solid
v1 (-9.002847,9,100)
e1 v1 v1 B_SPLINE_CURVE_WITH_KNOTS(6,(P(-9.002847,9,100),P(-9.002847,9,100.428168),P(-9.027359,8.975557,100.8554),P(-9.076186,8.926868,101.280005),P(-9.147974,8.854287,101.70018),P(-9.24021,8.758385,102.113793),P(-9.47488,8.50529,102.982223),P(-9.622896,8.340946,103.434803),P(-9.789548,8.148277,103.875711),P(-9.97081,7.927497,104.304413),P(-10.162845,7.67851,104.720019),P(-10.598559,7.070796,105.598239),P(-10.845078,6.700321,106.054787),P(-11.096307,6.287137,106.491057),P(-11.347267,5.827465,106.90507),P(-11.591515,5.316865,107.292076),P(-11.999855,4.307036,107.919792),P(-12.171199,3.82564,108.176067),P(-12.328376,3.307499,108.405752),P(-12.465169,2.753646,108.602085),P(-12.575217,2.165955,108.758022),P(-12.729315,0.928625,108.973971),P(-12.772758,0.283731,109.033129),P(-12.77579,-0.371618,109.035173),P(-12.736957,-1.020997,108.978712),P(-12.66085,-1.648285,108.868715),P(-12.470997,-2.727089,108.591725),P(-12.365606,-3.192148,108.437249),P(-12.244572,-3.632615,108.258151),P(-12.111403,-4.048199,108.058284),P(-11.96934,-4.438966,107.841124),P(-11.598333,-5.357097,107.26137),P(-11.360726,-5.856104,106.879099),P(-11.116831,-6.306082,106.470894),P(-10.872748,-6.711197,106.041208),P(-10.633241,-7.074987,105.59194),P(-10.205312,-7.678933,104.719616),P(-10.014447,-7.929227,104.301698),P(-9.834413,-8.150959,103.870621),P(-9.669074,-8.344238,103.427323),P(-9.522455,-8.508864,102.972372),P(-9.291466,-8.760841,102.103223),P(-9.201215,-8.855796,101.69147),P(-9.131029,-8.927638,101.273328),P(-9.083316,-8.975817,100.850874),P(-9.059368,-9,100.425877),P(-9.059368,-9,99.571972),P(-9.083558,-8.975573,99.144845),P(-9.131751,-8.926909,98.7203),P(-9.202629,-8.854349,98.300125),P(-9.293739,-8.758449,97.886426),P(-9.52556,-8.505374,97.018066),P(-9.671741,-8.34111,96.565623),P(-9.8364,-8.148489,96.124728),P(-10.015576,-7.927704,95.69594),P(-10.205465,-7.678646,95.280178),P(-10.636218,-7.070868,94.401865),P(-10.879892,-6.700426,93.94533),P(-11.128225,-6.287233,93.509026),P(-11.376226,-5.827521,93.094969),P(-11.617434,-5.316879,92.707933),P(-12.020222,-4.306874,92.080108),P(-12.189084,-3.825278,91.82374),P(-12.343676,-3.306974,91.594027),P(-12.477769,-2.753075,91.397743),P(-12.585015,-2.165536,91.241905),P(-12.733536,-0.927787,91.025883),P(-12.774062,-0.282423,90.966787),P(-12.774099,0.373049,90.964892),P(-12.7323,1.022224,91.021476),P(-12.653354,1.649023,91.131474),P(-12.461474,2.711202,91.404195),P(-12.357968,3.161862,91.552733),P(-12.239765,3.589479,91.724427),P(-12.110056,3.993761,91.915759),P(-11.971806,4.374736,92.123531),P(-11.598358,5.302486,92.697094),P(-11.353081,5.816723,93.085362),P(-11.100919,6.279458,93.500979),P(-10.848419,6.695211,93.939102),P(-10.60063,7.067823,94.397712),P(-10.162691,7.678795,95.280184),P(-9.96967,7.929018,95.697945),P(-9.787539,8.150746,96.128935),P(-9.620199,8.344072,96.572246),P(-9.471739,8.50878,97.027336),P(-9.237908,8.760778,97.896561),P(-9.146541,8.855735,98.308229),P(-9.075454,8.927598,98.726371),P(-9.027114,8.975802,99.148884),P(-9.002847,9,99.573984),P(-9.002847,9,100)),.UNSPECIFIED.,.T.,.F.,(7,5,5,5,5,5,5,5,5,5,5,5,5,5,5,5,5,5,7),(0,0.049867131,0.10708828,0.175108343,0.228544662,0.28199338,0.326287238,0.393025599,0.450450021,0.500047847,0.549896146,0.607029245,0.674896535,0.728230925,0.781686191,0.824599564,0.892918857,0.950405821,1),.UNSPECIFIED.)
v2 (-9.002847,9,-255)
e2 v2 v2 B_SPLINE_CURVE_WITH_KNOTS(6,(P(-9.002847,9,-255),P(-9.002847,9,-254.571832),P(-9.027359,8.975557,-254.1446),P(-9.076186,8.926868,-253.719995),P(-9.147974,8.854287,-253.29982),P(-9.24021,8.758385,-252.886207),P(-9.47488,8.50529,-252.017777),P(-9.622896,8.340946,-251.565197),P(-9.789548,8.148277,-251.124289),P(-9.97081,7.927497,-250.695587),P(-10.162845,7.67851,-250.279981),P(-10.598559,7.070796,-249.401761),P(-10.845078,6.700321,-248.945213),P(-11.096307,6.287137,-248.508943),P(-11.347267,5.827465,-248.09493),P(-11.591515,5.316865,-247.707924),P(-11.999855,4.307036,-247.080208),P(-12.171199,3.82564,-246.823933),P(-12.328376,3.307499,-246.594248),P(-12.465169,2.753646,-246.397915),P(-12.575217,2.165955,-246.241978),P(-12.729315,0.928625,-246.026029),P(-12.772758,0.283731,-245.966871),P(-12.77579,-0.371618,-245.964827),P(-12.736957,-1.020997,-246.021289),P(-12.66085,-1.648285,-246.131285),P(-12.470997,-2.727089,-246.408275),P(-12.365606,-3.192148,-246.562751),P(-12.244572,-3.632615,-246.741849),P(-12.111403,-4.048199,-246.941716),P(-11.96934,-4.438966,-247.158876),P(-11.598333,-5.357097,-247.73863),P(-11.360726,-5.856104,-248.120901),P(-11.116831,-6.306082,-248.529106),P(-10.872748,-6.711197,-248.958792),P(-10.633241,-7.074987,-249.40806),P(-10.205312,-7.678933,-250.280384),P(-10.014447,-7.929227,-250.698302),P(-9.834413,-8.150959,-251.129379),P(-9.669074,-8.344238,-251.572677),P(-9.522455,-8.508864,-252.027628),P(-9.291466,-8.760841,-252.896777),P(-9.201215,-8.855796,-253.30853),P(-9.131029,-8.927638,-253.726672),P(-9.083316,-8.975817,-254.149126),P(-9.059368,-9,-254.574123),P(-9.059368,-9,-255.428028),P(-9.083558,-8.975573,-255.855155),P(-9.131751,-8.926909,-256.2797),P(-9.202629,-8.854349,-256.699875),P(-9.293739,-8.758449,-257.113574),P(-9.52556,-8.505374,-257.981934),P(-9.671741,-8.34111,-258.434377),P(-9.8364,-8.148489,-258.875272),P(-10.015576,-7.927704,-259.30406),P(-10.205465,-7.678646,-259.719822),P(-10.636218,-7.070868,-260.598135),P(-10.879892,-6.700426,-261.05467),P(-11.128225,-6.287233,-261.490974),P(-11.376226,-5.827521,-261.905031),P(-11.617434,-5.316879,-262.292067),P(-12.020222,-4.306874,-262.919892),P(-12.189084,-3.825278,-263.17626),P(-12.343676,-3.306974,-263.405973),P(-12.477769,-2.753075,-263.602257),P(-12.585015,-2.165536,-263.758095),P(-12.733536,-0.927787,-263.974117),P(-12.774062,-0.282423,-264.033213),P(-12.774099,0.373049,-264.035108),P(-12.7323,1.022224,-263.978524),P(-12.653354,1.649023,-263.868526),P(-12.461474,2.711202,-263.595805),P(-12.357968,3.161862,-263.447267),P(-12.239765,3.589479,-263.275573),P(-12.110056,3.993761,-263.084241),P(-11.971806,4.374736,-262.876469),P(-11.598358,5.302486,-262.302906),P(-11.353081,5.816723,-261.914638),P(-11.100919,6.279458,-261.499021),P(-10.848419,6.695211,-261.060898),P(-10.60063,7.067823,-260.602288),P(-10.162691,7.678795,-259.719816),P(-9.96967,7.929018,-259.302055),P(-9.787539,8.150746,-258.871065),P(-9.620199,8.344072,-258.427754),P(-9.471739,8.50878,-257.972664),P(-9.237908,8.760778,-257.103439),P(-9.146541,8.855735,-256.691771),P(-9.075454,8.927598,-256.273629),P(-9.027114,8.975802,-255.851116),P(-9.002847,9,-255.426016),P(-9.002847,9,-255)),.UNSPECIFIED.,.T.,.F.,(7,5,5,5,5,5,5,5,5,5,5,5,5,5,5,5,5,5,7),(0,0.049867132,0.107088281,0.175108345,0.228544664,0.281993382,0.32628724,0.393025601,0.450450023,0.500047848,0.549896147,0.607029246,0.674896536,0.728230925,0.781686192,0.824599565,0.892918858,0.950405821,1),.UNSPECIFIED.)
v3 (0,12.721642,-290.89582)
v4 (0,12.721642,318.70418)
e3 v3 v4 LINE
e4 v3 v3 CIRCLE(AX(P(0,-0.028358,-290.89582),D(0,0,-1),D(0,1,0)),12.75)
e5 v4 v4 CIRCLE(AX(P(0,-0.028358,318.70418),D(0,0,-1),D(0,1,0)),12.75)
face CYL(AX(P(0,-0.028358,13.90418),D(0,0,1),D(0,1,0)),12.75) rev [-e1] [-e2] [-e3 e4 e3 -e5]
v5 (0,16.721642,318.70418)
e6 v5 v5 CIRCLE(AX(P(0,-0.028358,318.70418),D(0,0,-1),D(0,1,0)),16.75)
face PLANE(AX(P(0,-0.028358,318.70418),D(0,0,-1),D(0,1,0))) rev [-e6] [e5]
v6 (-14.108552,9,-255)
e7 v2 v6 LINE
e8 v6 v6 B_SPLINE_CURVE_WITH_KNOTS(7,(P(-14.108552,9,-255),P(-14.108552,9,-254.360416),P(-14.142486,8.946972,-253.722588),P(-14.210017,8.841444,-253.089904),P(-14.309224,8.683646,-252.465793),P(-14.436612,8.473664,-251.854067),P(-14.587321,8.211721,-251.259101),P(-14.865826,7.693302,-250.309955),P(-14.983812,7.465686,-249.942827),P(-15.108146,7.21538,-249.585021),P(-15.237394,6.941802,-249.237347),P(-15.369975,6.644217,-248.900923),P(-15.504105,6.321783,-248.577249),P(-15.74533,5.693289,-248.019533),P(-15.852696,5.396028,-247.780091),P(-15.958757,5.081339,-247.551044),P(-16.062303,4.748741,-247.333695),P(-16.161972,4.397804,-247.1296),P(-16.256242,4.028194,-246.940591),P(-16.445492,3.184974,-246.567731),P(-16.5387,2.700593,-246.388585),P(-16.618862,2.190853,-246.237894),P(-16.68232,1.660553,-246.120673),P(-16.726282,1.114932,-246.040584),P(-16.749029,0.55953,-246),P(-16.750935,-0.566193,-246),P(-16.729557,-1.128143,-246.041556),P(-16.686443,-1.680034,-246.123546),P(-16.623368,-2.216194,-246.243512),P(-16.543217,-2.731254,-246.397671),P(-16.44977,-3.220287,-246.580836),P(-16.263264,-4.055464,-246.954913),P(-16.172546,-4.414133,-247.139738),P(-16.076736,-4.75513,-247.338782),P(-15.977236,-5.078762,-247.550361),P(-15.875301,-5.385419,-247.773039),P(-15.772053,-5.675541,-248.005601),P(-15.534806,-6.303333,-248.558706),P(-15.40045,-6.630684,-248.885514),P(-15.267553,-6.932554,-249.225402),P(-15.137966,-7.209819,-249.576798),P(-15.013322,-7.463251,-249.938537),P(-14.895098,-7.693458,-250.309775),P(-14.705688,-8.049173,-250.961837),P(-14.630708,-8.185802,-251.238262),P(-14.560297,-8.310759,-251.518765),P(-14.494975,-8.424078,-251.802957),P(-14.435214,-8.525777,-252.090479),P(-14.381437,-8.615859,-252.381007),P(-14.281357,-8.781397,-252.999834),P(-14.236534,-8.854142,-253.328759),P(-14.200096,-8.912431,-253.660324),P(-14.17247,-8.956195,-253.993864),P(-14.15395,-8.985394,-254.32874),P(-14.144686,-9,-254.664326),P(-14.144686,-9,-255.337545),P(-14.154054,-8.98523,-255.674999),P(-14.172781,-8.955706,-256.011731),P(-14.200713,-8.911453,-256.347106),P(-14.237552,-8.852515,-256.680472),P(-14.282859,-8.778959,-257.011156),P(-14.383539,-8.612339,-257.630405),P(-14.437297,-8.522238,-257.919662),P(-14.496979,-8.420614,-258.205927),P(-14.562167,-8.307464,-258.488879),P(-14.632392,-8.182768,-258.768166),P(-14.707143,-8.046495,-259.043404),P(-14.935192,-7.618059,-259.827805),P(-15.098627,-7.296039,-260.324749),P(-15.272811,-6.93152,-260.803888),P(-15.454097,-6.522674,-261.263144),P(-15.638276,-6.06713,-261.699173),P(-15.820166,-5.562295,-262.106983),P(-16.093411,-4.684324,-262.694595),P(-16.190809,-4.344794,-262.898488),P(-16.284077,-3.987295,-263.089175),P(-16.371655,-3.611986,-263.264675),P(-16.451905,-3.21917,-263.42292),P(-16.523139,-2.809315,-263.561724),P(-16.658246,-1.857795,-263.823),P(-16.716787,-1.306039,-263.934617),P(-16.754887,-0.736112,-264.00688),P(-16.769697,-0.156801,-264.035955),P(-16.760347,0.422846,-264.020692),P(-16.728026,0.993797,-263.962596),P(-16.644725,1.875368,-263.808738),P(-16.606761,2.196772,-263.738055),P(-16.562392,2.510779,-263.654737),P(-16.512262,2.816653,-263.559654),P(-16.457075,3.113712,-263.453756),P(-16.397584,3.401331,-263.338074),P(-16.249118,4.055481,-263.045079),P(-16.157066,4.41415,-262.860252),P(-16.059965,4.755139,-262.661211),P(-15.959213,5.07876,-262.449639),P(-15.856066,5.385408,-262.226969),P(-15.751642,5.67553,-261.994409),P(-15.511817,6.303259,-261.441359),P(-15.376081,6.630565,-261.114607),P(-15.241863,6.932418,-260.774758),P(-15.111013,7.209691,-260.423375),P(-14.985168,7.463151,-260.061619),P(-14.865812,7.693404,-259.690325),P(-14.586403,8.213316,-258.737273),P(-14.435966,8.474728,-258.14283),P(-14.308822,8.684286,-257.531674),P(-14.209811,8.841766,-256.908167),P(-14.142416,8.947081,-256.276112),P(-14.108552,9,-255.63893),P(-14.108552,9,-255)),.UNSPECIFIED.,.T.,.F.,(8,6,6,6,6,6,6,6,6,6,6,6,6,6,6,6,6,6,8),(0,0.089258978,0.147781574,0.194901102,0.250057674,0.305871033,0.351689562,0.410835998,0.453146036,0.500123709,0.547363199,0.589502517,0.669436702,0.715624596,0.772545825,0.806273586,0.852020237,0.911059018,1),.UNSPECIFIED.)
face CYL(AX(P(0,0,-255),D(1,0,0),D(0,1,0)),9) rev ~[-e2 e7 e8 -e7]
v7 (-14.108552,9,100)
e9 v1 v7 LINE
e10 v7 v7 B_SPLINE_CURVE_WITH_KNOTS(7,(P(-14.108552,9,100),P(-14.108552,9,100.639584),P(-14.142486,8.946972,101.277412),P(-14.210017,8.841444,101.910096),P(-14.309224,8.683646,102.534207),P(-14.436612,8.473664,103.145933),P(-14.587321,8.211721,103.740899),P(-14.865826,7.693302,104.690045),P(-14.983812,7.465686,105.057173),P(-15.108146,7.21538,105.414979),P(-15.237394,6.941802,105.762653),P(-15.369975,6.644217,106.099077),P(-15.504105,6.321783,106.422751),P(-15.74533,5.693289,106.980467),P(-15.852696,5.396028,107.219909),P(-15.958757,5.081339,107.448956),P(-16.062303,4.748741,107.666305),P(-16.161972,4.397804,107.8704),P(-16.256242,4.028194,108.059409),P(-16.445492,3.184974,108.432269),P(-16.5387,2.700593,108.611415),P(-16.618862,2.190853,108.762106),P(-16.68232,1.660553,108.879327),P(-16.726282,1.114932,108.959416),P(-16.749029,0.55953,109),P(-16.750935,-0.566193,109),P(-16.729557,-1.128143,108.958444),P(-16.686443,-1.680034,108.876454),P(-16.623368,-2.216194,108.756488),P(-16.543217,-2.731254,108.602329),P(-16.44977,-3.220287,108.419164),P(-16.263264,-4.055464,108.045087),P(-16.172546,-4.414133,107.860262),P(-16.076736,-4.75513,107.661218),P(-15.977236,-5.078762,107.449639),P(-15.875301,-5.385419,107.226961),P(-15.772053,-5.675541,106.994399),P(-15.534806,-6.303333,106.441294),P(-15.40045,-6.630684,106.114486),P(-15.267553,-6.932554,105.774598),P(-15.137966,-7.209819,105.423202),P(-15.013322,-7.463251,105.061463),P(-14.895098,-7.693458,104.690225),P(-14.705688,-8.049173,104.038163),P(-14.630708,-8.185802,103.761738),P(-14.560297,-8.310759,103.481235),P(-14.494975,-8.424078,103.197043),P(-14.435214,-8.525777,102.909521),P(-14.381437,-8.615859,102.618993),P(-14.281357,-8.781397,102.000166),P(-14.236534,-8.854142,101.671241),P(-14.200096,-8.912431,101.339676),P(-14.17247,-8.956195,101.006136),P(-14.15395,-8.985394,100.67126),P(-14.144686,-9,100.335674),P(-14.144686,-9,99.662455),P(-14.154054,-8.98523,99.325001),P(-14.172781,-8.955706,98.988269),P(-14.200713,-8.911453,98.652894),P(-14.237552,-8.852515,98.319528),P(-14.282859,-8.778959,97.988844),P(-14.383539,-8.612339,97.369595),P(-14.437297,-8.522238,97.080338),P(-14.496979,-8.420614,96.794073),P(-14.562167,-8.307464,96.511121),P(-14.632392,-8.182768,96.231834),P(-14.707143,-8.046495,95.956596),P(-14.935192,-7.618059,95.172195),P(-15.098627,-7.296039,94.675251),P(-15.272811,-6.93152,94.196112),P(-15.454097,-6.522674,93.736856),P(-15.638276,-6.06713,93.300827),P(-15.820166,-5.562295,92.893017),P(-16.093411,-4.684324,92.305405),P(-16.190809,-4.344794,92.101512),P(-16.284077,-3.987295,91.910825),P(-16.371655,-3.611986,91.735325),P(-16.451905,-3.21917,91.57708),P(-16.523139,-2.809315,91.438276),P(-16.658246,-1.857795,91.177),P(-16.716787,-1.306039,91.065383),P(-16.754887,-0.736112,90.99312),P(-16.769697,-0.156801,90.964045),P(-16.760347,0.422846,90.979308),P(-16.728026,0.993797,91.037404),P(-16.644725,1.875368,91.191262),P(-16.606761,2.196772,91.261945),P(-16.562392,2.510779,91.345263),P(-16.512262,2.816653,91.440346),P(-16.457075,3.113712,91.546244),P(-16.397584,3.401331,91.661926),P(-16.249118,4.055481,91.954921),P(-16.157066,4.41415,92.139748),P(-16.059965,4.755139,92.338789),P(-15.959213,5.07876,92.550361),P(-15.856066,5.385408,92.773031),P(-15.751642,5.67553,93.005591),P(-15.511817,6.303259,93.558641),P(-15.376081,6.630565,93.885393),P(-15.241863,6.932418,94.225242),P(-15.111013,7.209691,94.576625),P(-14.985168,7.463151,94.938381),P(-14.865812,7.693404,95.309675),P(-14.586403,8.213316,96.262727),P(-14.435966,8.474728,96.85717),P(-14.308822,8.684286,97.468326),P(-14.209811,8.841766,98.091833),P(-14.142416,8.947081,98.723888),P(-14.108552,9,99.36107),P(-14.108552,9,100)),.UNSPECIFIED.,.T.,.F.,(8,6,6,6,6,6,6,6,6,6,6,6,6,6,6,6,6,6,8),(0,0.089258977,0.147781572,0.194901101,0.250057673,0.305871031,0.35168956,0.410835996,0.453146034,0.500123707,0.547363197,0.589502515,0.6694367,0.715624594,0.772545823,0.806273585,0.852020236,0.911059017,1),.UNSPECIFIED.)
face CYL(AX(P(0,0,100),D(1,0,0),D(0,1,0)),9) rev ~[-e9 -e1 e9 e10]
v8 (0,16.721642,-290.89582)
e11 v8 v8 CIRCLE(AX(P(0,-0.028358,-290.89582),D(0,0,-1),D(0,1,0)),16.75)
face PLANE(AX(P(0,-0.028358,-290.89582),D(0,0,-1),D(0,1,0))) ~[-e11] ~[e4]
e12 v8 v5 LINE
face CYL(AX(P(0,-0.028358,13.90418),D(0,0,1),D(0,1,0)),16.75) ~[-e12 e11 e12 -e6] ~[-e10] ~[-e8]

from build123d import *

# Parameters (mm, degrees)
F0_W     = 4
F0_H     = 609.6
F2_R     = 9
F3_DEPTH = 16.751


with BuildPart() as f1:
    # F0 (on Right) → F1 (revolve)
    with BuildSketch(Plane.YZ):
        with Locations((14.721642, 13.90418)):
            Rectangle(F0_W, F0_H)
    revolve(axis=Axis((0, -0.028358, 13.90418), (0, 0, -1)))

    # F2 (on Right) → F3 (cut, through all)
    with BuildSketch(Plane.YZ):
        with Locations((0, 100)):
            Circle(F2_R)
        with Locations((0, -255)):
            Circle(F2_R)
    extrude(amount=-F3_DEPTH, mode=Mode.SUBTRACT)


solid = f1.part
